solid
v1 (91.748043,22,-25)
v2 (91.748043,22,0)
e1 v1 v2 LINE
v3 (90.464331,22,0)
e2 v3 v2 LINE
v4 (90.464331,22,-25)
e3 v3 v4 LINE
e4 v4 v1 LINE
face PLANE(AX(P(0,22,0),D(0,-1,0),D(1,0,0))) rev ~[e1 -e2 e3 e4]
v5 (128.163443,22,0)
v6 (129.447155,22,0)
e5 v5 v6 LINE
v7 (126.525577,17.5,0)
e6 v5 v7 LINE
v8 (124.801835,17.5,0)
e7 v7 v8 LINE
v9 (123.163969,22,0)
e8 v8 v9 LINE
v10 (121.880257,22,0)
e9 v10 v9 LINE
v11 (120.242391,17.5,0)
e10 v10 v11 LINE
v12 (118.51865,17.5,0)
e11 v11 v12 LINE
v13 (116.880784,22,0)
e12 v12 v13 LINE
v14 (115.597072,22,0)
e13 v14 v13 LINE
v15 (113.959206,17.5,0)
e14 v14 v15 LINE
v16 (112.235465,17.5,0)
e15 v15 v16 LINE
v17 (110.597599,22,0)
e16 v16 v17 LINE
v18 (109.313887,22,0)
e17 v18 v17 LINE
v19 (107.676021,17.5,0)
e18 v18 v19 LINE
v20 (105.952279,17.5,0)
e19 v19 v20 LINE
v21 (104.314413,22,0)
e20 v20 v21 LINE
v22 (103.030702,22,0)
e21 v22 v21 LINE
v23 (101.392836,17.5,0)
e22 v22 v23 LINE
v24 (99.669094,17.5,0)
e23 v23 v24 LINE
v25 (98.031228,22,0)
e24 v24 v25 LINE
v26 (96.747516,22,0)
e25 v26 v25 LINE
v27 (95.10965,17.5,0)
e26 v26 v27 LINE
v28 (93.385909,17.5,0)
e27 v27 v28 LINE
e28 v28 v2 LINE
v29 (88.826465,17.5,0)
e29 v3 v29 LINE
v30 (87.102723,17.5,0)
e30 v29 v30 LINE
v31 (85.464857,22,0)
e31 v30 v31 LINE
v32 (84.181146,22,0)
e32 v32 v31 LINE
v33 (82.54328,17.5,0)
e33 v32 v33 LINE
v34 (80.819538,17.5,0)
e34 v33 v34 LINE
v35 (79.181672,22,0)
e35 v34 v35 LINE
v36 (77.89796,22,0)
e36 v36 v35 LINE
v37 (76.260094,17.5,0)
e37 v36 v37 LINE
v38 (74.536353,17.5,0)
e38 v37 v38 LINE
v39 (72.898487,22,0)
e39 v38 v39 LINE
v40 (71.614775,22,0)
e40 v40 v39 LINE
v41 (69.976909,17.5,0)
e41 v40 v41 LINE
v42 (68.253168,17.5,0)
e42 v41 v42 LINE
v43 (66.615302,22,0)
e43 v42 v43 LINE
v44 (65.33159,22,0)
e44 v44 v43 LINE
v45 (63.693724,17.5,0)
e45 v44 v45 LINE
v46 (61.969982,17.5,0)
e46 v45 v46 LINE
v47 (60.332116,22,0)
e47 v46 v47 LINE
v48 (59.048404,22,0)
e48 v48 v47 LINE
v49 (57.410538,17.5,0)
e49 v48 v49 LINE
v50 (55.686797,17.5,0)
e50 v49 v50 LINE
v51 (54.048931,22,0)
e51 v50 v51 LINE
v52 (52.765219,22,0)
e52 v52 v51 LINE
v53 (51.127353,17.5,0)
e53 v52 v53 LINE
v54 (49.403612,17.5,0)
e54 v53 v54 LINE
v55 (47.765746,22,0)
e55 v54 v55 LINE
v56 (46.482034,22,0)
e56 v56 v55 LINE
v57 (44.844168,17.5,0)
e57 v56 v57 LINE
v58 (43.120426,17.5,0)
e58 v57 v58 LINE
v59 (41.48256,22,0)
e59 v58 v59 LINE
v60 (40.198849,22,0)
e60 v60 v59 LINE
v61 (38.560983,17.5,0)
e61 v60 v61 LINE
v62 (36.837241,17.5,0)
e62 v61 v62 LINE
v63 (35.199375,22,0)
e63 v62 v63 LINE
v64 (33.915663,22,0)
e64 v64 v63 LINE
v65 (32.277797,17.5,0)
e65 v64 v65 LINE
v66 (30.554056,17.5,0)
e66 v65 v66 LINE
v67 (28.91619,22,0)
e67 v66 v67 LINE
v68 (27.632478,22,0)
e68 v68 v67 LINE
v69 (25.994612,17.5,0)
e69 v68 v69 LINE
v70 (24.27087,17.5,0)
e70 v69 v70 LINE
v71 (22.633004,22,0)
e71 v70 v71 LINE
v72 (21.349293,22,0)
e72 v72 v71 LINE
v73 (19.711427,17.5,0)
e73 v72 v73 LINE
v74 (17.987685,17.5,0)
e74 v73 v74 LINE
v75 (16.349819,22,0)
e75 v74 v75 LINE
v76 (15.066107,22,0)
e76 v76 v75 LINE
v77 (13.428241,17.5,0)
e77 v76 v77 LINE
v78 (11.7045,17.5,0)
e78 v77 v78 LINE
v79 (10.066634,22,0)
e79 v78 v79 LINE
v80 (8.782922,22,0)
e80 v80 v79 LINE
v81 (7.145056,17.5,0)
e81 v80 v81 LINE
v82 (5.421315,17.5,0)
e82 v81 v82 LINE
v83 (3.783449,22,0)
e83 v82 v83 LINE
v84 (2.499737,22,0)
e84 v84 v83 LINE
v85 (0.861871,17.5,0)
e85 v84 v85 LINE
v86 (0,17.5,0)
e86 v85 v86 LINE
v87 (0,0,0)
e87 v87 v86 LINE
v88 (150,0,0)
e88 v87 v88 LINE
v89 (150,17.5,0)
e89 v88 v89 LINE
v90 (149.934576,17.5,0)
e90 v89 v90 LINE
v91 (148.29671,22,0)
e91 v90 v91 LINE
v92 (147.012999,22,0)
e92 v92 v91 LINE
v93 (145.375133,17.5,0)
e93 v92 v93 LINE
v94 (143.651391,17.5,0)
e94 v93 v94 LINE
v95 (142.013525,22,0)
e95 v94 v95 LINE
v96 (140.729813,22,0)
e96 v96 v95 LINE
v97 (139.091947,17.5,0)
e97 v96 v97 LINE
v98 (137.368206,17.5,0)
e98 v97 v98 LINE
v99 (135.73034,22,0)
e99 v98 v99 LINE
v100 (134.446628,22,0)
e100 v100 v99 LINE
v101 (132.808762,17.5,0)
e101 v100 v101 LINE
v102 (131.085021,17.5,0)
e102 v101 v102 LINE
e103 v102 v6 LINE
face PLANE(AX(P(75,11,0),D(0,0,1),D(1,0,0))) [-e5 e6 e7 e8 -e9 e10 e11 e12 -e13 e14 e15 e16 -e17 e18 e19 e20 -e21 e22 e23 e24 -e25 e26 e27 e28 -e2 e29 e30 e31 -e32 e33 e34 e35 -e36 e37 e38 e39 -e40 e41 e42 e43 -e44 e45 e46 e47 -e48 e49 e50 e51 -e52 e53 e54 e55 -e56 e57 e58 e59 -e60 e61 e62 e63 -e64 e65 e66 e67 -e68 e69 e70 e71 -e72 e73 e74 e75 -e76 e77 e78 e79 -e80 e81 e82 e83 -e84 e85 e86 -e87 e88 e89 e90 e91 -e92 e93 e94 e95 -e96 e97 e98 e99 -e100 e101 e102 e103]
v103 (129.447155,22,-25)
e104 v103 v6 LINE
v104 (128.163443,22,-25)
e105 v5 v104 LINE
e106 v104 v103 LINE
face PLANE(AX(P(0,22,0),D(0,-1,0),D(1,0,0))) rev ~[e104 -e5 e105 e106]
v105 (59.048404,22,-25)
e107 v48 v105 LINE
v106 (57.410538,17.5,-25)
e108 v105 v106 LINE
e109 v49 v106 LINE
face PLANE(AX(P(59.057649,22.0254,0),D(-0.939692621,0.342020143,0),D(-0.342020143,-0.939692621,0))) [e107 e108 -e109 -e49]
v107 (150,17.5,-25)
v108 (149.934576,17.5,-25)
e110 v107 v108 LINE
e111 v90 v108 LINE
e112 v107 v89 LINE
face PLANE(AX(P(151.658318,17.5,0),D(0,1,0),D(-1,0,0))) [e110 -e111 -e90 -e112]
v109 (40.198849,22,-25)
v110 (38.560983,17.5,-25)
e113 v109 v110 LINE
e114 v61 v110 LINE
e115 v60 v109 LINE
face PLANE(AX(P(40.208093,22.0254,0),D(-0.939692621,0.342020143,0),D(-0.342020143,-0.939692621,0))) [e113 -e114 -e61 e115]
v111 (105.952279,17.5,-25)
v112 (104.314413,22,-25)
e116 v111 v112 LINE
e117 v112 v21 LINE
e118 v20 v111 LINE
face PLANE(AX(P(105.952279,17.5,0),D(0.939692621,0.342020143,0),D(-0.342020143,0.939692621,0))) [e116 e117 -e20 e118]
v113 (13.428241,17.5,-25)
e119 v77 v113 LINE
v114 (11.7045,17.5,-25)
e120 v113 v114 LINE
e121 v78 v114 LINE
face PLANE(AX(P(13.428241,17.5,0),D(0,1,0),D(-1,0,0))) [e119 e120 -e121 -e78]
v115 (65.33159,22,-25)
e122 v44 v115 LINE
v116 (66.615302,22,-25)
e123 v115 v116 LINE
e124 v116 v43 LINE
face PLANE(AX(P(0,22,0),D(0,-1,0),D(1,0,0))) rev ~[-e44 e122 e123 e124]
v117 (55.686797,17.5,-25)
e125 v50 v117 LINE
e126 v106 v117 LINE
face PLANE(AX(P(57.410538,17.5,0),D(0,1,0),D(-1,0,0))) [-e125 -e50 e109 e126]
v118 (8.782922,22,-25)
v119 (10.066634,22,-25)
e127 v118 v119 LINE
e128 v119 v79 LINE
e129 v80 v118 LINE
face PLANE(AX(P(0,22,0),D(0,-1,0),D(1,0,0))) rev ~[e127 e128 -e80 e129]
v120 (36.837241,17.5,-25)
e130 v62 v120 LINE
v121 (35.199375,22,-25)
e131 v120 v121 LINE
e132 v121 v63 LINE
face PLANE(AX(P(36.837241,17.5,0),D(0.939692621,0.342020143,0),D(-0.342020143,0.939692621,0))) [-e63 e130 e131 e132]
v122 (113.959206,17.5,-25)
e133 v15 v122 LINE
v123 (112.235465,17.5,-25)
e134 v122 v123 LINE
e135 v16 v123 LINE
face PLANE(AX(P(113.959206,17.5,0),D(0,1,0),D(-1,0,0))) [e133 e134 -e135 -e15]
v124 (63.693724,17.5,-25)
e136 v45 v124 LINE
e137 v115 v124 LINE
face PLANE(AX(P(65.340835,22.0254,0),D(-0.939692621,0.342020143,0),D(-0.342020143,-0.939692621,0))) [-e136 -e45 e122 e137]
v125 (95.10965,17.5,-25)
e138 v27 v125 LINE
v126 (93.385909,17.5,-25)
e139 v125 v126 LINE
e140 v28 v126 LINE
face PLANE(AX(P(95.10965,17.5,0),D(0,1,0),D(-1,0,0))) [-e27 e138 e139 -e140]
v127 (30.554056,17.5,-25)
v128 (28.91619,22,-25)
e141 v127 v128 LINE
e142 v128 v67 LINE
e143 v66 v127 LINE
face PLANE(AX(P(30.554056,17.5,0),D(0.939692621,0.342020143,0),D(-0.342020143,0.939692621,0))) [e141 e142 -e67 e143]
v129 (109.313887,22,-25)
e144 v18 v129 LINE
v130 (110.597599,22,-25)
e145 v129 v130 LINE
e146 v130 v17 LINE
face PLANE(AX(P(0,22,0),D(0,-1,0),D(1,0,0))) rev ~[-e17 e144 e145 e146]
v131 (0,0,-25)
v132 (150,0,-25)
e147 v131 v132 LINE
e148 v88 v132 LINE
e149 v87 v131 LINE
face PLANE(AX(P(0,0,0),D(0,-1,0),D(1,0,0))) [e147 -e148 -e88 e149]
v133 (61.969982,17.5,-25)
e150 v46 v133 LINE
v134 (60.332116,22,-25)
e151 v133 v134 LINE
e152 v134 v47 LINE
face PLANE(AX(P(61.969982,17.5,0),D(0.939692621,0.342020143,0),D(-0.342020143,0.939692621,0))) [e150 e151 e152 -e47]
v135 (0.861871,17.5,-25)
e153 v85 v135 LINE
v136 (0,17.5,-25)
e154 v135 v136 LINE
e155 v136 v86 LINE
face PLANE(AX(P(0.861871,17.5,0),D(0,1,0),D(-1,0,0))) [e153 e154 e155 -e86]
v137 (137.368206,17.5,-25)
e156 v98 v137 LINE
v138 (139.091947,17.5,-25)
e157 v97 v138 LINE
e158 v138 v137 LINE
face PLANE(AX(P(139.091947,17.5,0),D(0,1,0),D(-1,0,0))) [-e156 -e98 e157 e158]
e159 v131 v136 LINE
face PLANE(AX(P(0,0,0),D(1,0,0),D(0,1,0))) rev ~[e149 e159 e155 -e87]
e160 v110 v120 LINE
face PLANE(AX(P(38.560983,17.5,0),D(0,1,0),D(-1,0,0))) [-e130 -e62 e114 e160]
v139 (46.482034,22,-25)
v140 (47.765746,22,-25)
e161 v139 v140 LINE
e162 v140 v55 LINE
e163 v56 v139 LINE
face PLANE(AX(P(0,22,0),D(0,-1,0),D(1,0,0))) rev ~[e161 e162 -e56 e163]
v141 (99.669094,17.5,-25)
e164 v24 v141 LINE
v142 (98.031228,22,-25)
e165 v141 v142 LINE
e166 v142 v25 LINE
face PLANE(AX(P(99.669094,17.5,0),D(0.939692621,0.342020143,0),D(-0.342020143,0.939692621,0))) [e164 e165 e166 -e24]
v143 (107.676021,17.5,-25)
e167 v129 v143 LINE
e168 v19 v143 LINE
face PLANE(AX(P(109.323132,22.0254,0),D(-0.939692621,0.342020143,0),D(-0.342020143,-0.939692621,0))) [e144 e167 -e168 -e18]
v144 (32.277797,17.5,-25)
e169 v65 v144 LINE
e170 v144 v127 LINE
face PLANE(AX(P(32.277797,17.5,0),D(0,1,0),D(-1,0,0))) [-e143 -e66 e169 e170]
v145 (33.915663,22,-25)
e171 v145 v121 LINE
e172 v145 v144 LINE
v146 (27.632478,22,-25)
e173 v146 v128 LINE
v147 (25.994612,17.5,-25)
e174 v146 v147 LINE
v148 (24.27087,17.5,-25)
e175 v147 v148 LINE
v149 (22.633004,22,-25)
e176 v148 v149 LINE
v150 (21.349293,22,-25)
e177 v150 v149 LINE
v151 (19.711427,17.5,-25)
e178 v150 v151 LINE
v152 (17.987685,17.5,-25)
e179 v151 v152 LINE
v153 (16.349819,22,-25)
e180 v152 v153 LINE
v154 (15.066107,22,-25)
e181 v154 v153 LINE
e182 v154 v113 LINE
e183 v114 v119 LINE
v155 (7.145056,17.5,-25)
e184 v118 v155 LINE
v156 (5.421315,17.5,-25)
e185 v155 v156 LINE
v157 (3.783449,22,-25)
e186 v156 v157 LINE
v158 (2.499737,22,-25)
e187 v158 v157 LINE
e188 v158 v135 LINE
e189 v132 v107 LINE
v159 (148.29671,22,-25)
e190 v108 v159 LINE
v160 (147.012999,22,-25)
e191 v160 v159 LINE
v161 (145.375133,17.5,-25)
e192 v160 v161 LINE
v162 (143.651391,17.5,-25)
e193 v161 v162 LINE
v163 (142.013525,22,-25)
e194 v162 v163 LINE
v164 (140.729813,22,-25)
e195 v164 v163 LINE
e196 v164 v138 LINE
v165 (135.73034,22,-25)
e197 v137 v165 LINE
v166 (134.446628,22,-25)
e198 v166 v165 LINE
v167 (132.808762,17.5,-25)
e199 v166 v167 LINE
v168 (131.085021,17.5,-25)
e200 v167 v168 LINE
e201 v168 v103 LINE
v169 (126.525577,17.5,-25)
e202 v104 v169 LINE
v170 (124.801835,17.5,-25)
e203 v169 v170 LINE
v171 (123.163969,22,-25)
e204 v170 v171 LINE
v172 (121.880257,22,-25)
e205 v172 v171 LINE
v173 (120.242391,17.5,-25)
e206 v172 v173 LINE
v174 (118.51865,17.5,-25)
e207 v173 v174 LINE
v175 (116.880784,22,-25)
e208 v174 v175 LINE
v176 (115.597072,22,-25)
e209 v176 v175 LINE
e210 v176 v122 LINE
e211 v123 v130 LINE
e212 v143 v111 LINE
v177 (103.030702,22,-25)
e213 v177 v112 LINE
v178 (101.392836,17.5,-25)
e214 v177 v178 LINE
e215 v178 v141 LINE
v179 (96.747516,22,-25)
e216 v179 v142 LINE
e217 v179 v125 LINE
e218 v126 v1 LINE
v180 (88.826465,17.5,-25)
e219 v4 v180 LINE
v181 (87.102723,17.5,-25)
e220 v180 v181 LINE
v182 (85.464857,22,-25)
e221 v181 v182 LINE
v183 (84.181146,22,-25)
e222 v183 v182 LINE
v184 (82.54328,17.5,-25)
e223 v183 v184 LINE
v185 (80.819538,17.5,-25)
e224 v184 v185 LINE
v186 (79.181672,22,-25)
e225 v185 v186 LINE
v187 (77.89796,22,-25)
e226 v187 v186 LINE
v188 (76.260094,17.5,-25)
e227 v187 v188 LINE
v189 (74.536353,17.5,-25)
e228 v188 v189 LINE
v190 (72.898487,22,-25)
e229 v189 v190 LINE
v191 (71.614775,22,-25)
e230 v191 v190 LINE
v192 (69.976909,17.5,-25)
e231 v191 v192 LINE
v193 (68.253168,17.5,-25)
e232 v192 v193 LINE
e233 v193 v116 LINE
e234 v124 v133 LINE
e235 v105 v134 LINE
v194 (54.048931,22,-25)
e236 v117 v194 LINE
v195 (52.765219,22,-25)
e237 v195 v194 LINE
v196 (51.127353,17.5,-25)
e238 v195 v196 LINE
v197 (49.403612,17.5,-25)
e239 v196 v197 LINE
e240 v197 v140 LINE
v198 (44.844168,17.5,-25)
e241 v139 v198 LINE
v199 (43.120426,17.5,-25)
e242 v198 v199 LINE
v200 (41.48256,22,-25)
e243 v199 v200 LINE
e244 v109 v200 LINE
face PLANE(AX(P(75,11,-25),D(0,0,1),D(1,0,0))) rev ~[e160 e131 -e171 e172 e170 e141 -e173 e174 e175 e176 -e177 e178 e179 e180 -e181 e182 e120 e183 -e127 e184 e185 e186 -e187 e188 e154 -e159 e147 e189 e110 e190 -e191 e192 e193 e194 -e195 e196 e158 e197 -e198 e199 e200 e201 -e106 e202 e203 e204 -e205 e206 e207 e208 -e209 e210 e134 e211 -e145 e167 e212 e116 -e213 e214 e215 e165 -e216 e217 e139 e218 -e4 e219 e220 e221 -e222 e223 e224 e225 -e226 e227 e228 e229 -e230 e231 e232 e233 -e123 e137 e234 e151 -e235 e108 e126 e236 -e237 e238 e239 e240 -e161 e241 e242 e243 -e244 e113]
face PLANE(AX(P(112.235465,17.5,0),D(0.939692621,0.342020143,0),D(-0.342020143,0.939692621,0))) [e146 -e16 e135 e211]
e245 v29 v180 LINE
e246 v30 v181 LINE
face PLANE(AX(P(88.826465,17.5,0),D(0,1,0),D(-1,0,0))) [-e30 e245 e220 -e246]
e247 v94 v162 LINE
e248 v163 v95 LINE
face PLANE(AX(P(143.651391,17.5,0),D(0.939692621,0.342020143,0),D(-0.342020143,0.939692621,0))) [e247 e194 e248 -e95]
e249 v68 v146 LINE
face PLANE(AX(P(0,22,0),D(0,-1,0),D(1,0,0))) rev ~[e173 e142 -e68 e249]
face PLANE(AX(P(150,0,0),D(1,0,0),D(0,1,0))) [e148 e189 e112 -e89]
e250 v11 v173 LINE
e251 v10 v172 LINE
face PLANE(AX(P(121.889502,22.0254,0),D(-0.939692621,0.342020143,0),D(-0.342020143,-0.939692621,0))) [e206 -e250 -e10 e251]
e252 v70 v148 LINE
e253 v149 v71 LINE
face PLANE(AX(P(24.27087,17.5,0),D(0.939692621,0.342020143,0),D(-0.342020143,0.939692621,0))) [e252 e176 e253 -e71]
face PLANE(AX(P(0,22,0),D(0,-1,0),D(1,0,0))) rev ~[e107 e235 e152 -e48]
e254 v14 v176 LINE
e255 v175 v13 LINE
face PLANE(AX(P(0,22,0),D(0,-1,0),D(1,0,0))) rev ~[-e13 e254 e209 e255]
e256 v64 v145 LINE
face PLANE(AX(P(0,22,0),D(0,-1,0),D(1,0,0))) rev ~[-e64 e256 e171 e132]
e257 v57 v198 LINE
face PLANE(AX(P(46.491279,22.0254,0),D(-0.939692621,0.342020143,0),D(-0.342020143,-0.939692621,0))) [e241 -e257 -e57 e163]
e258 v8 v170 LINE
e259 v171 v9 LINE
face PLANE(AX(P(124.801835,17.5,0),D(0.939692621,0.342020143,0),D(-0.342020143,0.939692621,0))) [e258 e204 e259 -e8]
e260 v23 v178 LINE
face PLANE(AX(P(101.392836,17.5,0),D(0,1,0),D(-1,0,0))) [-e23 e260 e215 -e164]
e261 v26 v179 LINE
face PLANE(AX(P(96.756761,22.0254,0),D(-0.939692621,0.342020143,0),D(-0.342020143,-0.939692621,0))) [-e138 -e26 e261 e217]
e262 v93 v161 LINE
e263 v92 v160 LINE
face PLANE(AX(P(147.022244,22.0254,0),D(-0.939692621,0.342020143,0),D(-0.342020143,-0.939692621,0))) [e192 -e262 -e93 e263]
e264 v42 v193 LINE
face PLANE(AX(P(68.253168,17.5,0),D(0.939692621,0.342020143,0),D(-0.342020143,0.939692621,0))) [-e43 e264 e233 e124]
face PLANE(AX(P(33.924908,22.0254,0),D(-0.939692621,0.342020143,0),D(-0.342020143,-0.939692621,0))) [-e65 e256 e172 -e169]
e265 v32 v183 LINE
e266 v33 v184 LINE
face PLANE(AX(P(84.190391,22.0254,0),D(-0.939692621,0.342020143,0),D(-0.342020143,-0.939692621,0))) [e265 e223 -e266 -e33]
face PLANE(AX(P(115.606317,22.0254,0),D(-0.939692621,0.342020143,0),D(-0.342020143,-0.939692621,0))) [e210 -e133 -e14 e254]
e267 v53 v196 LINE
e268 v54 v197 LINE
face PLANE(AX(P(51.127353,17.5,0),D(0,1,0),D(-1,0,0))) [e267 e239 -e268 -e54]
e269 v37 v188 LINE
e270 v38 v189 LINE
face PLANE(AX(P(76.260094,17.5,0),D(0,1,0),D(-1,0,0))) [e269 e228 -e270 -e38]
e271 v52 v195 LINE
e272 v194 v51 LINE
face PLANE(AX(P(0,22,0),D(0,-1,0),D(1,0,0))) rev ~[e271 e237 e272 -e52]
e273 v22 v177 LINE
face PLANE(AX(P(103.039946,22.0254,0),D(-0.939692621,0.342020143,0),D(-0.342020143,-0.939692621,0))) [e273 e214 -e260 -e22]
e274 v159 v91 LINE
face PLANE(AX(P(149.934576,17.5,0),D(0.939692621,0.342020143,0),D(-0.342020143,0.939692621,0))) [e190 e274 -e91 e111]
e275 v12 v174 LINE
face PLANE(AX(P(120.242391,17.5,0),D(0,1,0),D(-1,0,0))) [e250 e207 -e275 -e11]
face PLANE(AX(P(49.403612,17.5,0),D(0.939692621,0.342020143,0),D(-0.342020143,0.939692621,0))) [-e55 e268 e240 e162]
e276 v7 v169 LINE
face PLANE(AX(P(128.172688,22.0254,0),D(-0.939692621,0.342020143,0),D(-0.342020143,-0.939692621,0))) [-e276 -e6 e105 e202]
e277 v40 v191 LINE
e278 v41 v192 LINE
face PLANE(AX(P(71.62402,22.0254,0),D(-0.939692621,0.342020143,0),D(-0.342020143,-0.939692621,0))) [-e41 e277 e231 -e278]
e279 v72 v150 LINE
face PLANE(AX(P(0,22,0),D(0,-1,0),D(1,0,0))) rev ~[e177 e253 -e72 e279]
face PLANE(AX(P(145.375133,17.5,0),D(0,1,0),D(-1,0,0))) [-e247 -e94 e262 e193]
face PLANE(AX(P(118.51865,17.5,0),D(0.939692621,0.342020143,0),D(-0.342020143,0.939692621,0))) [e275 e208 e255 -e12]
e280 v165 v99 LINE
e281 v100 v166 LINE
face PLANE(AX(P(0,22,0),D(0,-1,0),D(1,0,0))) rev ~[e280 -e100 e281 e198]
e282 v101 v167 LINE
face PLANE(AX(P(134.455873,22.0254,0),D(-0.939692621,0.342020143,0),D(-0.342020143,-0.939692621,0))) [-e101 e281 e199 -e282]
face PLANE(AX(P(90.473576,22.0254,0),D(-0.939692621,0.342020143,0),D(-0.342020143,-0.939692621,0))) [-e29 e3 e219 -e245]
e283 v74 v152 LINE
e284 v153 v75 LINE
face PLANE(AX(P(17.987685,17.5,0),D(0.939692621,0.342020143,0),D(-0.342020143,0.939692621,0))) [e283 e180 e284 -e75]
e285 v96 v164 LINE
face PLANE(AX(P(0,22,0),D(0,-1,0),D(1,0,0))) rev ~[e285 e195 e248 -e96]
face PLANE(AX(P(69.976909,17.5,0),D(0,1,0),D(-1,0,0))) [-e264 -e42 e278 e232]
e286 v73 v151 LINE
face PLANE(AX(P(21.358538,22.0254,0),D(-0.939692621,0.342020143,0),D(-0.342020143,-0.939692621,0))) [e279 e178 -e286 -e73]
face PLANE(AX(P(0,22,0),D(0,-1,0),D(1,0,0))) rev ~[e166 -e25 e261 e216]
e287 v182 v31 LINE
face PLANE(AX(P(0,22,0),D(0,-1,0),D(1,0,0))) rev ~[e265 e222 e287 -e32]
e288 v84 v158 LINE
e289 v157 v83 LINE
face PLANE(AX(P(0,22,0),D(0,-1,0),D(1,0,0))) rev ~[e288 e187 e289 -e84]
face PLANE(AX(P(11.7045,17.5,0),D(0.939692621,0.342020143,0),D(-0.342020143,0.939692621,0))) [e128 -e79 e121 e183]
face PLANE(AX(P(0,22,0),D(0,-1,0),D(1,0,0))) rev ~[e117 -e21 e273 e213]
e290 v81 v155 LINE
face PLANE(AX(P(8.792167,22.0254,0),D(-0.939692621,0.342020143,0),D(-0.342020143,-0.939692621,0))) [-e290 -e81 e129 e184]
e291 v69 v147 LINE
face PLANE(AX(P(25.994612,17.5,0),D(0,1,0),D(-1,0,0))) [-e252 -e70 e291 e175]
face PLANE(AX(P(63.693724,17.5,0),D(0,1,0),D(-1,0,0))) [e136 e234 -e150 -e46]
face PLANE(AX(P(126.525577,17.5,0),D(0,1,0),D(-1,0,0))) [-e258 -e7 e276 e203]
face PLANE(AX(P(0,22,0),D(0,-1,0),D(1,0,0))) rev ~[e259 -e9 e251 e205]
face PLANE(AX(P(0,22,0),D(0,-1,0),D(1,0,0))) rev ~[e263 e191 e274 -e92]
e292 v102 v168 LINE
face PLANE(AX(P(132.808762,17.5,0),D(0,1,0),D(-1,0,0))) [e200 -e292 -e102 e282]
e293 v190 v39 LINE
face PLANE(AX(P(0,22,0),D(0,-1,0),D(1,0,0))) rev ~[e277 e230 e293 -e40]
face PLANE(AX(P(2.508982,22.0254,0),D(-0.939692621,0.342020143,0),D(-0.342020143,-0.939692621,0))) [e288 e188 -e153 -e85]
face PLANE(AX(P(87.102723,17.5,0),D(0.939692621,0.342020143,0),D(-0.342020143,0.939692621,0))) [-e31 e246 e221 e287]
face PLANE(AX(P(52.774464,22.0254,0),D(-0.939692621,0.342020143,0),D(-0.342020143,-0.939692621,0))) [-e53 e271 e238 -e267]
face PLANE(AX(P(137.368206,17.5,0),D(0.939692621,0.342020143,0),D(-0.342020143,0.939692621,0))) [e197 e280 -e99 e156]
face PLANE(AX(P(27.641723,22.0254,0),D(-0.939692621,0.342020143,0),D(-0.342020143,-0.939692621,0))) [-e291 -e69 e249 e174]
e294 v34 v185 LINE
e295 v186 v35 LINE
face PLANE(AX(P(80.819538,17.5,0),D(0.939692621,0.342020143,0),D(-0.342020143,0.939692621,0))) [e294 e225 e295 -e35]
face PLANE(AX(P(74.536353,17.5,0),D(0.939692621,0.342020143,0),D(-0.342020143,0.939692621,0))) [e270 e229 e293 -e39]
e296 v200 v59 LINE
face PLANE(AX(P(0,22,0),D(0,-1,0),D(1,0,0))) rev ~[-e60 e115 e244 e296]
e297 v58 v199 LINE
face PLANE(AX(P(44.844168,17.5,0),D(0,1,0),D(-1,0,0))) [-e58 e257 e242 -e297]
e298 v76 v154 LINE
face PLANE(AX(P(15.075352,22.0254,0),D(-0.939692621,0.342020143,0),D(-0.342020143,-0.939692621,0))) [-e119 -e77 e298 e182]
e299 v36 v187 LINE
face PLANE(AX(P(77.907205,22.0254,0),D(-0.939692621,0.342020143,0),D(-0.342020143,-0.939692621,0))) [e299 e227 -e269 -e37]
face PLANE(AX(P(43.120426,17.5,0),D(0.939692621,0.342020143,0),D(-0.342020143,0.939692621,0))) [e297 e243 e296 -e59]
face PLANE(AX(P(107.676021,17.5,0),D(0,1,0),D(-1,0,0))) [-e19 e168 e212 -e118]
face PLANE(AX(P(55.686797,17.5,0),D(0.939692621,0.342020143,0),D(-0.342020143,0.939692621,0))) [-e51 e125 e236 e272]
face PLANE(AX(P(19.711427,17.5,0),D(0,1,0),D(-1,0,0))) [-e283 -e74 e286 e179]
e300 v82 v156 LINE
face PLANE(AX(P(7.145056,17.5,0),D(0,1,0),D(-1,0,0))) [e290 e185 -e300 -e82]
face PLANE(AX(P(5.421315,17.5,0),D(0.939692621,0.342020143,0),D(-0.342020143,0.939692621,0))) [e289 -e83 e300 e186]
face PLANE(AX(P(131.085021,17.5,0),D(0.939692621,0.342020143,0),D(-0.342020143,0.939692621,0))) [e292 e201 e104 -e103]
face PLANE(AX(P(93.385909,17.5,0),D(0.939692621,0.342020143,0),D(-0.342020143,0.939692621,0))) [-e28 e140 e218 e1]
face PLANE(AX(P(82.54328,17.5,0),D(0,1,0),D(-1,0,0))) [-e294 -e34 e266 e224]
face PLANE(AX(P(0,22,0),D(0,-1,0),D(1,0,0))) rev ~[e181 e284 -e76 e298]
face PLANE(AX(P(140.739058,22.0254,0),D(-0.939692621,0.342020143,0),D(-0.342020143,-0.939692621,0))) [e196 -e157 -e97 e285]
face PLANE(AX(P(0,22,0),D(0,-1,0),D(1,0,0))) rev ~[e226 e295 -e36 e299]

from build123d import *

# Parameters (mm, degrees)
BLANKSKE_W        = 150
BLANKSKE_H        = 22
BLANK_DEPTH       = 25
TOOTHCUTSIM_DEPTH = 154.65220467
TEETHCUTS_COUNT   = 25
TEETHCUTS_PITCH   = 6.2831853


with BuildPart() as part:
    # BlankSke → Blank (new body)
    with BuildSketch(Plane.XY):
        with Locations((75, 11)):
            Rectangle(BLANKSKE_W, BLANKSKE_H)
    extrude(amount=-BLANK_DEPTH)

    # TooCutSkeSim → ToothCutSim (cut, through all)
    with BuildSketch(Plane.XY):
        Polygon((0.861870739, 17.5), (-0.861870739, 17.5), (-2.508981637, 22.0254), (2.508981637, 22.0254), align=None)
    toothcutsim = extrude(amount=-TOOTHCUTSIM_DEPTH, mode=Mode.SUBTRACT)

    # TeethCuts: ToothCutSim ×25
    with Locations(*[(i * TEETHCUTS_PITCH, 0, 0) for i in range(1, TEETHCUTS_COUNT)]):
        add(toothcutsim, mode=Mode.SUBTRACT)


solid = part.part
